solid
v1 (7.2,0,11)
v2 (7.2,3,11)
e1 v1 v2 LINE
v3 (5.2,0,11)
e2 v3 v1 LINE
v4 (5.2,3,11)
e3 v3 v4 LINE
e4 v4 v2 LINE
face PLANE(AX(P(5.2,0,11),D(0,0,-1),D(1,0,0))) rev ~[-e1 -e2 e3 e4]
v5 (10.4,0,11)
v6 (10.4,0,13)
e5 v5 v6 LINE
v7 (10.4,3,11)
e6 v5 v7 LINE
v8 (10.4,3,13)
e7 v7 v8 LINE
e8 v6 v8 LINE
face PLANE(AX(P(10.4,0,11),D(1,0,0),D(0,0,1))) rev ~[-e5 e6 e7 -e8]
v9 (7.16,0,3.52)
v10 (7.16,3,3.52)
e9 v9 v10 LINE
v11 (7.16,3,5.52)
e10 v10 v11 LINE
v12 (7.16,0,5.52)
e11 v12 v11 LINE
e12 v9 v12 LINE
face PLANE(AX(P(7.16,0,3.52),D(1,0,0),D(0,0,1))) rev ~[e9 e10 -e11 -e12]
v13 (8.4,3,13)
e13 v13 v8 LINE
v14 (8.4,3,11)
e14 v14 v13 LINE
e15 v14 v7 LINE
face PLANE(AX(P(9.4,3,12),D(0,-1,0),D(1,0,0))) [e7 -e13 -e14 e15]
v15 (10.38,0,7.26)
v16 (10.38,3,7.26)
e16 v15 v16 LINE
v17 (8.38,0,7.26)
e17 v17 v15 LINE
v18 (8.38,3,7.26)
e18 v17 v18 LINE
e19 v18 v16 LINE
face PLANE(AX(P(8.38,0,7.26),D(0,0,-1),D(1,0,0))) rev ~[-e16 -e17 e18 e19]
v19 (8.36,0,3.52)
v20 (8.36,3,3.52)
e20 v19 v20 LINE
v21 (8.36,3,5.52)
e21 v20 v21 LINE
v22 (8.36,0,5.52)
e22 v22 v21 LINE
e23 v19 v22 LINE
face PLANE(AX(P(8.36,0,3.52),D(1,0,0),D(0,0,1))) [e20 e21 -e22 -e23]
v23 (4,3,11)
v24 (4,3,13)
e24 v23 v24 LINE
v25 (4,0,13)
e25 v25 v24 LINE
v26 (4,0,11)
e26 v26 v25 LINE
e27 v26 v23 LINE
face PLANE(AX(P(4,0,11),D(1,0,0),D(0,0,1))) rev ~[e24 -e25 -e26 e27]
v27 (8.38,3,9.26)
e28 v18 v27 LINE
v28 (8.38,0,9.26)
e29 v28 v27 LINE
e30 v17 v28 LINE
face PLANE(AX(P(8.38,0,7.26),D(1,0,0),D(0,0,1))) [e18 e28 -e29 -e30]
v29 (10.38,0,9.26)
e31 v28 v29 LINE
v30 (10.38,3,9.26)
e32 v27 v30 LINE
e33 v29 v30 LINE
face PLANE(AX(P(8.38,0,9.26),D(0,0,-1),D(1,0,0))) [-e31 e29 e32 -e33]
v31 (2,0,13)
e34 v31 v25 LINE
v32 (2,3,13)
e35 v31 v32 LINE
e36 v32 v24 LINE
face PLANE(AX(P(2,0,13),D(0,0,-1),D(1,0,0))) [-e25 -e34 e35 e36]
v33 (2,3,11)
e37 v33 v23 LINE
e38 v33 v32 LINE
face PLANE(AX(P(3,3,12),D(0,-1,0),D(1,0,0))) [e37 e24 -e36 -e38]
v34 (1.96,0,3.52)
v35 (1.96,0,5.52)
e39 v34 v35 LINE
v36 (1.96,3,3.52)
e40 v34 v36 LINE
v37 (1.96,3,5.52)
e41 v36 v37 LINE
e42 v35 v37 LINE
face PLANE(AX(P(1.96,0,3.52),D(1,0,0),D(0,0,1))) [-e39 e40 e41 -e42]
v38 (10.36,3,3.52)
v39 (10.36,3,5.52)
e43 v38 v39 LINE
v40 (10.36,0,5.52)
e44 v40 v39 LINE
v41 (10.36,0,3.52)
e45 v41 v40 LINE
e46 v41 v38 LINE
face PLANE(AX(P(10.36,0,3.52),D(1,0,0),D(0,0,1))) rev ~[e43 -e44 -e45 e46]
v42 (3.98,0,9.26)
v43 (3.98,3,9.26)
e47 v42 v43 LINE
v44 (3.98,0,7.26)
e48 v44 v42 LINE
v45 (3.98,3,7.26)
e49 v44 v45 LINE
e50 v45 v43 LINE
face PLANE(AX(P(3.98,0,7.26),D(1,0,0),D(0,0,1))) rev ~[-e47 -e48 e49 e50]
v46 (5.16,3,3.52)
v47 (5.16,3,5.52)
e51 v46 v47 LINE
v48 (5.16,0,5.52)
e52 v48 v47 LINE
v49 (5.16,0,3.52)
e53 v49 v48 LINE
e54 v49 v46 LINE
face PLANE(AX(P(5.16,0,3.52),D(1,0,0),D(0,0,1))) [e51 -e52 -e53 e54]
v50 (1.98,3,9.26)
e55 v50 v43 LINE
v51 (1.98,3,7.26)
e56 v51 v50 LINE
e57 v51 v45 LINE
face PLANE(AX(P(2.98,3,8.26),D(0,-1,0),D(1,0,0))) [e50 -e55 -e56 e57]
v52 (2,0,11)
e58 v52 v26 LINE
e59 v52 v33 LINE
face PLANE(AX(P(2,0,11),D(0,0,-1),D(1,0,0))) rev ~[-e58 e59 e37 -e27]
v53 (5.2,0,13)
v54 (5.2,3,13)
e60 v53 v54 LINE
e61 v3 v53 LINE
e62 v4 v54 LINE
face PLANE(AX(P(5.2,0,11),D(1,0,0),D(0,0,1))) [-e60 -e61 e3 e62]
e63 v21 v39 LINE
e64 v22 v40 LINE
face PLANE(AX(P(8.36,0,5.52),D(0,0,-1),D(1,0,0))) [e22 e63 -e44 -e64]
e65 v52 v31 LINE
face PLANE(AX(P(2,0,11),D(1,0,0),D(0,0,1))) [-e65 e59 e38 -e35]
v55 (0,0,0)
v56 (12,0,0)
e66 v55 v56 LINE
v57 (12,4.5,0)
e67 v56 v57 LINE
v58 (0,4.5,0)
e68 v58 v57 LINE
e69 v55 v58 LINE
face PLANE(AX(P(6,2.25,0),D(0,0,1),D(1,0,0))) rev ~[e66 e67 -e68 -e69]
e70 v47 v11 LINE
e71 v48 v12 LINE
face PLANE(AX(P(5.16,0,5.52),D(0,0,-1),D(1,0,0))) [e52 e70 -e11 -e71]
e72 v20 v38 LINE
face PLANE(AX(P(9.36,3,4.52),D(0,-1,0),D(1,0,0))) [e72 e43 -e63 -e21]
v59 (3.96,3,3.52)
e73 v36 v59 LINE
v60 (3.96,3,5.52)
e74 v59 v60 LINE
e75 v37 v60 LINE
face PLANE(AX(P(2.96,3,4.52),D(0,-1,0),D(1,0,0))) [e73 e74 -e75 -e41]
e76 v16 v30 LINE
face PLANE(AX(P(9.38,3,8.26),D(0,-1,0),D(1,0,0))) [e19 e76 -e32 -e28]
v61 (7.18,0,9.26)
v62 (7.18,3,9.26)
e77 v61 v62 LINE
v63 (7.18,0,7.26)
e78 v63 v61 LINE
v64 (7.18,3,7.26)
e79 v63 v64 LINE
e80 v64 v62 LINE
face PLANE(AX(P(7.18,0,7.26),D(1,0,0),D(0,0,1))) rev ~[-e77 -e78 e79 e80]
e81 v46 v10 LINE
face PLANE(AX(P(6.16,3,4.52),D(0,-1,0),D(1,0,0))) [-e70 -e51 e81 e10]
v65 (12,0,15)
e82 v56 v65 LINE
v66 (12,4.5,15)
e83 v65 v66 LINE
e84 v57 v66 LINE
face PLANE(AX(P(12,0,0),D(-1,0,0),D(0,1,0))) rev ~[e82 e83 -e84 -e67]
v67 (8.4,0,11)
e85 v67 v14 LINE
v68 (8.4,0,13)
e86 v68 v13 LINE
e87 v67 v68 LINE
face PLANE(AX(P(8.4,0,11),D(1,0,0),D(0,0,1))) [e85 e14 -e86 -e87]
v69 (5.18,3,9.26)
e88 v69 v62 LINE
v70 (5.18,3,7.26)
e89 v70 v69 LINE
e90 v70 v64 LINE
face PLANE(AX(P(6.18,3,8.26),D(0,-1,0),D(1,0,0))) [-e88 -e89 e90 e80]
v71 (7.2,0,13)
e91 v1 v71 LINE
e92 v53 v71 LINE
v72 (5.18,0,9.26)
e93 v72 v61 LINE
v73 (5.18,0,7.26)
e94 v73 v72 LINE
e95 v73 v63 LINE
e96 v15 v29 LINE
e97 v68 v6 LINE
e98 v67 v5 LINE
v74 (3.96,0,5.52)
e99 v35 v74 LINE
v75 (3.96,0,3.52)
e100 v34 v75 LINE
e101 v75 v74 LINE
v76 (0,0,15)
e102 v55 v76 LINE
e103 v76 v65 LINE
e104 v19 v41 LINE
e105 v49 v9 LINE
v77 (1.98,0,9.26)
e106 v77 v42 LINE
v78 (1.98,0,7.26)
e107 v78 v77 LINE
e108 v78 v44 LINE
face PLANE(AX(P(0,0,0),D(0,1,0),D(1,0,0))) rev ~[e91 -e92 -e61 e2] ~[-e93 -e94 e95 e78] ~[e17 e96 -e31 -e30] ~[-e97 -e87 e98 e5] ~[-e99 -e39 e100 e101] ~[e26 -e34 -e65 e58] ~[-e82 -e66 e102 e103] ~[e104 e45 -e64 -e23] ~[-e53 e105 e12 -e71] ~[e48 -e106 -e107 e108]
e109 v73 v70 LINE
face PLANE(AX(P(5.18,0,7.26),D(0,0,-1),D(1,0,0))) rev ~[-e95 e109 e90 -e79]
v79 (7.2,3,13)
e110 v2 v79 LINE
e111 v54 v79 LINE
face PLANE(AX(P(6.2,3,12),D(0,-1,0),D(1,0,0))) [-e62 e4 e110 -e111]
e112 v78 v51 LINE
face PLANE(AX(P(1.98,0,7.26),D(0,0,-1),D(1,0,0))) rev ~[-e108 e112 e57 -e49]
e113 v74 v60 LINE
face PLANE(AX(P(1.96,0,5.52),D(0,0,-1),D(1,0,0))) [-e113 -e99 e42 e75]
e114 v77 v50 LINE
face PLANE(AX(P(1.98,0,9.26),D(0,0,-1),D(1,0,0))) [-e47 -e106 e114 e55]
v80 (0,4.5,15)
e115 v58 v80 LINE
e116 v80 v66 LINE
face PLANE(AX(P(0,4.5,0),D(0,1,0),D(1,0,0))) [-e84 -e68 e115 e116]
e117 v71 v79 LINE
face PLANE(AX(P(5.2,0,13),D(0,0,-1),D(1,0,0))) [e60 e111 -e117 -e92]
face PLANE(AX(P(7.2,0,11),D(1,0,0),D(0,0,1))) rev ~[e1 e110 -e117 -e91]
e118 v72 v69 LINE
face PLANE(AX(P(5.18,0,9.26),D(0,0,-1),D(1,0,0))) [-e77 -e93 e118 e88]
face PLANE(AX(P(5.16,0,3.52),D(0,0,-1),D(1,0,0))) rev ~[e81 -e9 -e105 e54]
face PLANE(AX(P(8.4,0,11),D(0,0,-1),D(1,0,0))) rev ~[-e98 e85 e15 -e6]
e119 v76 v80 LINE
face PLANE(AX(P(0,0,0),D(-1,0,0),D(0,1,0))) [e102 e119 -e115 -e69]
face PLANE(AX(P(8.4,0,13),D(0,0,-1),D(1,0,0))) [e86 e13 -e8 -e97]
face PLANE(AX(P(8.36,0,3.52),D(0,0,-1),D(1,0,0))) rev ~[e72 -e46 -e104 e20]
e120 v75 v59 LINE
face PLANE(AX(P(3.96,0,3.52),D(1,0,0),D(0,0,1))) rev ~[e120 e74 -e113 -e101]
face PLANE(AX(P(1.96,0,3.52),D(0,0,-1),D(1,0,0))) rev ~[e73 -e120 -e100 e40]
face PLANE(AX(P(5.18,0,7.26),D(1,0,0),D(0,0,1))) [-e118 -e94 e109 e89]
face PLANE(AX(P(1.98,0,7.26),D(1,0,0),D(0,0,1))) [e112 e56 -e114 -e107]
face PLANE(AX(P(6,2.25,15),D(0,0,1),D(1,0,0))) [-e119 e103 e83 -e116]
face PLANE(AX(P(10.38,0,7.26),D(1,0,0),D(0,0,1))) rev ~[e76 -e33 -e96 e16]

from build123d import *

# Parameters (mm, degrees)
F0_W     = 12
F0_H     = 4.5
F1_DEPTH = 15
F2_W     = 2
F2_H     = 2
F3_DEPTH = 3


with BuildPart() as f1:
    # F0 (on Top) → F1 (new body)
    with BuildSketch(Plane.XY):
        with Locations((6, 2.25)):
            Rectangle(F0_W, F0_H)
    extrude(amount=F1_DEPTH)

    # F2 (on face) → F3 (cut)
    with BuildSketch(Plane.XZ):
        with Locations((3, 12)):
            Rectangle(F2_W, F2_H)
        with Locations((6.2, 12)):
            Rectangle(F2_W, F2_H)
        with Locations((9.4, 12)):
            Rectangle(F2_W, F2_H)
        with Locations((2.98, 8.26)):
            Rectangle(F2_W, F2_H)
        with Locations((6.18, 8.26)):
            Rectangle(F2_W, F2_H)
        with Locations((9.38, 8.26)):
            Rectangle(F2_W, F2_H)
        with Locations((2.96, 4.52)):
            Rectangle(F2_W, F2_H)
        with Locations((6.16, 4.52)):
            Rectangle(F2_W, F2_H)
        with Locations((9.36, 4.52)):
            Rectangle(F2_W, F2_H)
    extrude(amount=-F3_DEPTH, mode=Mode.SUBTRACT)


solid = f1.part
